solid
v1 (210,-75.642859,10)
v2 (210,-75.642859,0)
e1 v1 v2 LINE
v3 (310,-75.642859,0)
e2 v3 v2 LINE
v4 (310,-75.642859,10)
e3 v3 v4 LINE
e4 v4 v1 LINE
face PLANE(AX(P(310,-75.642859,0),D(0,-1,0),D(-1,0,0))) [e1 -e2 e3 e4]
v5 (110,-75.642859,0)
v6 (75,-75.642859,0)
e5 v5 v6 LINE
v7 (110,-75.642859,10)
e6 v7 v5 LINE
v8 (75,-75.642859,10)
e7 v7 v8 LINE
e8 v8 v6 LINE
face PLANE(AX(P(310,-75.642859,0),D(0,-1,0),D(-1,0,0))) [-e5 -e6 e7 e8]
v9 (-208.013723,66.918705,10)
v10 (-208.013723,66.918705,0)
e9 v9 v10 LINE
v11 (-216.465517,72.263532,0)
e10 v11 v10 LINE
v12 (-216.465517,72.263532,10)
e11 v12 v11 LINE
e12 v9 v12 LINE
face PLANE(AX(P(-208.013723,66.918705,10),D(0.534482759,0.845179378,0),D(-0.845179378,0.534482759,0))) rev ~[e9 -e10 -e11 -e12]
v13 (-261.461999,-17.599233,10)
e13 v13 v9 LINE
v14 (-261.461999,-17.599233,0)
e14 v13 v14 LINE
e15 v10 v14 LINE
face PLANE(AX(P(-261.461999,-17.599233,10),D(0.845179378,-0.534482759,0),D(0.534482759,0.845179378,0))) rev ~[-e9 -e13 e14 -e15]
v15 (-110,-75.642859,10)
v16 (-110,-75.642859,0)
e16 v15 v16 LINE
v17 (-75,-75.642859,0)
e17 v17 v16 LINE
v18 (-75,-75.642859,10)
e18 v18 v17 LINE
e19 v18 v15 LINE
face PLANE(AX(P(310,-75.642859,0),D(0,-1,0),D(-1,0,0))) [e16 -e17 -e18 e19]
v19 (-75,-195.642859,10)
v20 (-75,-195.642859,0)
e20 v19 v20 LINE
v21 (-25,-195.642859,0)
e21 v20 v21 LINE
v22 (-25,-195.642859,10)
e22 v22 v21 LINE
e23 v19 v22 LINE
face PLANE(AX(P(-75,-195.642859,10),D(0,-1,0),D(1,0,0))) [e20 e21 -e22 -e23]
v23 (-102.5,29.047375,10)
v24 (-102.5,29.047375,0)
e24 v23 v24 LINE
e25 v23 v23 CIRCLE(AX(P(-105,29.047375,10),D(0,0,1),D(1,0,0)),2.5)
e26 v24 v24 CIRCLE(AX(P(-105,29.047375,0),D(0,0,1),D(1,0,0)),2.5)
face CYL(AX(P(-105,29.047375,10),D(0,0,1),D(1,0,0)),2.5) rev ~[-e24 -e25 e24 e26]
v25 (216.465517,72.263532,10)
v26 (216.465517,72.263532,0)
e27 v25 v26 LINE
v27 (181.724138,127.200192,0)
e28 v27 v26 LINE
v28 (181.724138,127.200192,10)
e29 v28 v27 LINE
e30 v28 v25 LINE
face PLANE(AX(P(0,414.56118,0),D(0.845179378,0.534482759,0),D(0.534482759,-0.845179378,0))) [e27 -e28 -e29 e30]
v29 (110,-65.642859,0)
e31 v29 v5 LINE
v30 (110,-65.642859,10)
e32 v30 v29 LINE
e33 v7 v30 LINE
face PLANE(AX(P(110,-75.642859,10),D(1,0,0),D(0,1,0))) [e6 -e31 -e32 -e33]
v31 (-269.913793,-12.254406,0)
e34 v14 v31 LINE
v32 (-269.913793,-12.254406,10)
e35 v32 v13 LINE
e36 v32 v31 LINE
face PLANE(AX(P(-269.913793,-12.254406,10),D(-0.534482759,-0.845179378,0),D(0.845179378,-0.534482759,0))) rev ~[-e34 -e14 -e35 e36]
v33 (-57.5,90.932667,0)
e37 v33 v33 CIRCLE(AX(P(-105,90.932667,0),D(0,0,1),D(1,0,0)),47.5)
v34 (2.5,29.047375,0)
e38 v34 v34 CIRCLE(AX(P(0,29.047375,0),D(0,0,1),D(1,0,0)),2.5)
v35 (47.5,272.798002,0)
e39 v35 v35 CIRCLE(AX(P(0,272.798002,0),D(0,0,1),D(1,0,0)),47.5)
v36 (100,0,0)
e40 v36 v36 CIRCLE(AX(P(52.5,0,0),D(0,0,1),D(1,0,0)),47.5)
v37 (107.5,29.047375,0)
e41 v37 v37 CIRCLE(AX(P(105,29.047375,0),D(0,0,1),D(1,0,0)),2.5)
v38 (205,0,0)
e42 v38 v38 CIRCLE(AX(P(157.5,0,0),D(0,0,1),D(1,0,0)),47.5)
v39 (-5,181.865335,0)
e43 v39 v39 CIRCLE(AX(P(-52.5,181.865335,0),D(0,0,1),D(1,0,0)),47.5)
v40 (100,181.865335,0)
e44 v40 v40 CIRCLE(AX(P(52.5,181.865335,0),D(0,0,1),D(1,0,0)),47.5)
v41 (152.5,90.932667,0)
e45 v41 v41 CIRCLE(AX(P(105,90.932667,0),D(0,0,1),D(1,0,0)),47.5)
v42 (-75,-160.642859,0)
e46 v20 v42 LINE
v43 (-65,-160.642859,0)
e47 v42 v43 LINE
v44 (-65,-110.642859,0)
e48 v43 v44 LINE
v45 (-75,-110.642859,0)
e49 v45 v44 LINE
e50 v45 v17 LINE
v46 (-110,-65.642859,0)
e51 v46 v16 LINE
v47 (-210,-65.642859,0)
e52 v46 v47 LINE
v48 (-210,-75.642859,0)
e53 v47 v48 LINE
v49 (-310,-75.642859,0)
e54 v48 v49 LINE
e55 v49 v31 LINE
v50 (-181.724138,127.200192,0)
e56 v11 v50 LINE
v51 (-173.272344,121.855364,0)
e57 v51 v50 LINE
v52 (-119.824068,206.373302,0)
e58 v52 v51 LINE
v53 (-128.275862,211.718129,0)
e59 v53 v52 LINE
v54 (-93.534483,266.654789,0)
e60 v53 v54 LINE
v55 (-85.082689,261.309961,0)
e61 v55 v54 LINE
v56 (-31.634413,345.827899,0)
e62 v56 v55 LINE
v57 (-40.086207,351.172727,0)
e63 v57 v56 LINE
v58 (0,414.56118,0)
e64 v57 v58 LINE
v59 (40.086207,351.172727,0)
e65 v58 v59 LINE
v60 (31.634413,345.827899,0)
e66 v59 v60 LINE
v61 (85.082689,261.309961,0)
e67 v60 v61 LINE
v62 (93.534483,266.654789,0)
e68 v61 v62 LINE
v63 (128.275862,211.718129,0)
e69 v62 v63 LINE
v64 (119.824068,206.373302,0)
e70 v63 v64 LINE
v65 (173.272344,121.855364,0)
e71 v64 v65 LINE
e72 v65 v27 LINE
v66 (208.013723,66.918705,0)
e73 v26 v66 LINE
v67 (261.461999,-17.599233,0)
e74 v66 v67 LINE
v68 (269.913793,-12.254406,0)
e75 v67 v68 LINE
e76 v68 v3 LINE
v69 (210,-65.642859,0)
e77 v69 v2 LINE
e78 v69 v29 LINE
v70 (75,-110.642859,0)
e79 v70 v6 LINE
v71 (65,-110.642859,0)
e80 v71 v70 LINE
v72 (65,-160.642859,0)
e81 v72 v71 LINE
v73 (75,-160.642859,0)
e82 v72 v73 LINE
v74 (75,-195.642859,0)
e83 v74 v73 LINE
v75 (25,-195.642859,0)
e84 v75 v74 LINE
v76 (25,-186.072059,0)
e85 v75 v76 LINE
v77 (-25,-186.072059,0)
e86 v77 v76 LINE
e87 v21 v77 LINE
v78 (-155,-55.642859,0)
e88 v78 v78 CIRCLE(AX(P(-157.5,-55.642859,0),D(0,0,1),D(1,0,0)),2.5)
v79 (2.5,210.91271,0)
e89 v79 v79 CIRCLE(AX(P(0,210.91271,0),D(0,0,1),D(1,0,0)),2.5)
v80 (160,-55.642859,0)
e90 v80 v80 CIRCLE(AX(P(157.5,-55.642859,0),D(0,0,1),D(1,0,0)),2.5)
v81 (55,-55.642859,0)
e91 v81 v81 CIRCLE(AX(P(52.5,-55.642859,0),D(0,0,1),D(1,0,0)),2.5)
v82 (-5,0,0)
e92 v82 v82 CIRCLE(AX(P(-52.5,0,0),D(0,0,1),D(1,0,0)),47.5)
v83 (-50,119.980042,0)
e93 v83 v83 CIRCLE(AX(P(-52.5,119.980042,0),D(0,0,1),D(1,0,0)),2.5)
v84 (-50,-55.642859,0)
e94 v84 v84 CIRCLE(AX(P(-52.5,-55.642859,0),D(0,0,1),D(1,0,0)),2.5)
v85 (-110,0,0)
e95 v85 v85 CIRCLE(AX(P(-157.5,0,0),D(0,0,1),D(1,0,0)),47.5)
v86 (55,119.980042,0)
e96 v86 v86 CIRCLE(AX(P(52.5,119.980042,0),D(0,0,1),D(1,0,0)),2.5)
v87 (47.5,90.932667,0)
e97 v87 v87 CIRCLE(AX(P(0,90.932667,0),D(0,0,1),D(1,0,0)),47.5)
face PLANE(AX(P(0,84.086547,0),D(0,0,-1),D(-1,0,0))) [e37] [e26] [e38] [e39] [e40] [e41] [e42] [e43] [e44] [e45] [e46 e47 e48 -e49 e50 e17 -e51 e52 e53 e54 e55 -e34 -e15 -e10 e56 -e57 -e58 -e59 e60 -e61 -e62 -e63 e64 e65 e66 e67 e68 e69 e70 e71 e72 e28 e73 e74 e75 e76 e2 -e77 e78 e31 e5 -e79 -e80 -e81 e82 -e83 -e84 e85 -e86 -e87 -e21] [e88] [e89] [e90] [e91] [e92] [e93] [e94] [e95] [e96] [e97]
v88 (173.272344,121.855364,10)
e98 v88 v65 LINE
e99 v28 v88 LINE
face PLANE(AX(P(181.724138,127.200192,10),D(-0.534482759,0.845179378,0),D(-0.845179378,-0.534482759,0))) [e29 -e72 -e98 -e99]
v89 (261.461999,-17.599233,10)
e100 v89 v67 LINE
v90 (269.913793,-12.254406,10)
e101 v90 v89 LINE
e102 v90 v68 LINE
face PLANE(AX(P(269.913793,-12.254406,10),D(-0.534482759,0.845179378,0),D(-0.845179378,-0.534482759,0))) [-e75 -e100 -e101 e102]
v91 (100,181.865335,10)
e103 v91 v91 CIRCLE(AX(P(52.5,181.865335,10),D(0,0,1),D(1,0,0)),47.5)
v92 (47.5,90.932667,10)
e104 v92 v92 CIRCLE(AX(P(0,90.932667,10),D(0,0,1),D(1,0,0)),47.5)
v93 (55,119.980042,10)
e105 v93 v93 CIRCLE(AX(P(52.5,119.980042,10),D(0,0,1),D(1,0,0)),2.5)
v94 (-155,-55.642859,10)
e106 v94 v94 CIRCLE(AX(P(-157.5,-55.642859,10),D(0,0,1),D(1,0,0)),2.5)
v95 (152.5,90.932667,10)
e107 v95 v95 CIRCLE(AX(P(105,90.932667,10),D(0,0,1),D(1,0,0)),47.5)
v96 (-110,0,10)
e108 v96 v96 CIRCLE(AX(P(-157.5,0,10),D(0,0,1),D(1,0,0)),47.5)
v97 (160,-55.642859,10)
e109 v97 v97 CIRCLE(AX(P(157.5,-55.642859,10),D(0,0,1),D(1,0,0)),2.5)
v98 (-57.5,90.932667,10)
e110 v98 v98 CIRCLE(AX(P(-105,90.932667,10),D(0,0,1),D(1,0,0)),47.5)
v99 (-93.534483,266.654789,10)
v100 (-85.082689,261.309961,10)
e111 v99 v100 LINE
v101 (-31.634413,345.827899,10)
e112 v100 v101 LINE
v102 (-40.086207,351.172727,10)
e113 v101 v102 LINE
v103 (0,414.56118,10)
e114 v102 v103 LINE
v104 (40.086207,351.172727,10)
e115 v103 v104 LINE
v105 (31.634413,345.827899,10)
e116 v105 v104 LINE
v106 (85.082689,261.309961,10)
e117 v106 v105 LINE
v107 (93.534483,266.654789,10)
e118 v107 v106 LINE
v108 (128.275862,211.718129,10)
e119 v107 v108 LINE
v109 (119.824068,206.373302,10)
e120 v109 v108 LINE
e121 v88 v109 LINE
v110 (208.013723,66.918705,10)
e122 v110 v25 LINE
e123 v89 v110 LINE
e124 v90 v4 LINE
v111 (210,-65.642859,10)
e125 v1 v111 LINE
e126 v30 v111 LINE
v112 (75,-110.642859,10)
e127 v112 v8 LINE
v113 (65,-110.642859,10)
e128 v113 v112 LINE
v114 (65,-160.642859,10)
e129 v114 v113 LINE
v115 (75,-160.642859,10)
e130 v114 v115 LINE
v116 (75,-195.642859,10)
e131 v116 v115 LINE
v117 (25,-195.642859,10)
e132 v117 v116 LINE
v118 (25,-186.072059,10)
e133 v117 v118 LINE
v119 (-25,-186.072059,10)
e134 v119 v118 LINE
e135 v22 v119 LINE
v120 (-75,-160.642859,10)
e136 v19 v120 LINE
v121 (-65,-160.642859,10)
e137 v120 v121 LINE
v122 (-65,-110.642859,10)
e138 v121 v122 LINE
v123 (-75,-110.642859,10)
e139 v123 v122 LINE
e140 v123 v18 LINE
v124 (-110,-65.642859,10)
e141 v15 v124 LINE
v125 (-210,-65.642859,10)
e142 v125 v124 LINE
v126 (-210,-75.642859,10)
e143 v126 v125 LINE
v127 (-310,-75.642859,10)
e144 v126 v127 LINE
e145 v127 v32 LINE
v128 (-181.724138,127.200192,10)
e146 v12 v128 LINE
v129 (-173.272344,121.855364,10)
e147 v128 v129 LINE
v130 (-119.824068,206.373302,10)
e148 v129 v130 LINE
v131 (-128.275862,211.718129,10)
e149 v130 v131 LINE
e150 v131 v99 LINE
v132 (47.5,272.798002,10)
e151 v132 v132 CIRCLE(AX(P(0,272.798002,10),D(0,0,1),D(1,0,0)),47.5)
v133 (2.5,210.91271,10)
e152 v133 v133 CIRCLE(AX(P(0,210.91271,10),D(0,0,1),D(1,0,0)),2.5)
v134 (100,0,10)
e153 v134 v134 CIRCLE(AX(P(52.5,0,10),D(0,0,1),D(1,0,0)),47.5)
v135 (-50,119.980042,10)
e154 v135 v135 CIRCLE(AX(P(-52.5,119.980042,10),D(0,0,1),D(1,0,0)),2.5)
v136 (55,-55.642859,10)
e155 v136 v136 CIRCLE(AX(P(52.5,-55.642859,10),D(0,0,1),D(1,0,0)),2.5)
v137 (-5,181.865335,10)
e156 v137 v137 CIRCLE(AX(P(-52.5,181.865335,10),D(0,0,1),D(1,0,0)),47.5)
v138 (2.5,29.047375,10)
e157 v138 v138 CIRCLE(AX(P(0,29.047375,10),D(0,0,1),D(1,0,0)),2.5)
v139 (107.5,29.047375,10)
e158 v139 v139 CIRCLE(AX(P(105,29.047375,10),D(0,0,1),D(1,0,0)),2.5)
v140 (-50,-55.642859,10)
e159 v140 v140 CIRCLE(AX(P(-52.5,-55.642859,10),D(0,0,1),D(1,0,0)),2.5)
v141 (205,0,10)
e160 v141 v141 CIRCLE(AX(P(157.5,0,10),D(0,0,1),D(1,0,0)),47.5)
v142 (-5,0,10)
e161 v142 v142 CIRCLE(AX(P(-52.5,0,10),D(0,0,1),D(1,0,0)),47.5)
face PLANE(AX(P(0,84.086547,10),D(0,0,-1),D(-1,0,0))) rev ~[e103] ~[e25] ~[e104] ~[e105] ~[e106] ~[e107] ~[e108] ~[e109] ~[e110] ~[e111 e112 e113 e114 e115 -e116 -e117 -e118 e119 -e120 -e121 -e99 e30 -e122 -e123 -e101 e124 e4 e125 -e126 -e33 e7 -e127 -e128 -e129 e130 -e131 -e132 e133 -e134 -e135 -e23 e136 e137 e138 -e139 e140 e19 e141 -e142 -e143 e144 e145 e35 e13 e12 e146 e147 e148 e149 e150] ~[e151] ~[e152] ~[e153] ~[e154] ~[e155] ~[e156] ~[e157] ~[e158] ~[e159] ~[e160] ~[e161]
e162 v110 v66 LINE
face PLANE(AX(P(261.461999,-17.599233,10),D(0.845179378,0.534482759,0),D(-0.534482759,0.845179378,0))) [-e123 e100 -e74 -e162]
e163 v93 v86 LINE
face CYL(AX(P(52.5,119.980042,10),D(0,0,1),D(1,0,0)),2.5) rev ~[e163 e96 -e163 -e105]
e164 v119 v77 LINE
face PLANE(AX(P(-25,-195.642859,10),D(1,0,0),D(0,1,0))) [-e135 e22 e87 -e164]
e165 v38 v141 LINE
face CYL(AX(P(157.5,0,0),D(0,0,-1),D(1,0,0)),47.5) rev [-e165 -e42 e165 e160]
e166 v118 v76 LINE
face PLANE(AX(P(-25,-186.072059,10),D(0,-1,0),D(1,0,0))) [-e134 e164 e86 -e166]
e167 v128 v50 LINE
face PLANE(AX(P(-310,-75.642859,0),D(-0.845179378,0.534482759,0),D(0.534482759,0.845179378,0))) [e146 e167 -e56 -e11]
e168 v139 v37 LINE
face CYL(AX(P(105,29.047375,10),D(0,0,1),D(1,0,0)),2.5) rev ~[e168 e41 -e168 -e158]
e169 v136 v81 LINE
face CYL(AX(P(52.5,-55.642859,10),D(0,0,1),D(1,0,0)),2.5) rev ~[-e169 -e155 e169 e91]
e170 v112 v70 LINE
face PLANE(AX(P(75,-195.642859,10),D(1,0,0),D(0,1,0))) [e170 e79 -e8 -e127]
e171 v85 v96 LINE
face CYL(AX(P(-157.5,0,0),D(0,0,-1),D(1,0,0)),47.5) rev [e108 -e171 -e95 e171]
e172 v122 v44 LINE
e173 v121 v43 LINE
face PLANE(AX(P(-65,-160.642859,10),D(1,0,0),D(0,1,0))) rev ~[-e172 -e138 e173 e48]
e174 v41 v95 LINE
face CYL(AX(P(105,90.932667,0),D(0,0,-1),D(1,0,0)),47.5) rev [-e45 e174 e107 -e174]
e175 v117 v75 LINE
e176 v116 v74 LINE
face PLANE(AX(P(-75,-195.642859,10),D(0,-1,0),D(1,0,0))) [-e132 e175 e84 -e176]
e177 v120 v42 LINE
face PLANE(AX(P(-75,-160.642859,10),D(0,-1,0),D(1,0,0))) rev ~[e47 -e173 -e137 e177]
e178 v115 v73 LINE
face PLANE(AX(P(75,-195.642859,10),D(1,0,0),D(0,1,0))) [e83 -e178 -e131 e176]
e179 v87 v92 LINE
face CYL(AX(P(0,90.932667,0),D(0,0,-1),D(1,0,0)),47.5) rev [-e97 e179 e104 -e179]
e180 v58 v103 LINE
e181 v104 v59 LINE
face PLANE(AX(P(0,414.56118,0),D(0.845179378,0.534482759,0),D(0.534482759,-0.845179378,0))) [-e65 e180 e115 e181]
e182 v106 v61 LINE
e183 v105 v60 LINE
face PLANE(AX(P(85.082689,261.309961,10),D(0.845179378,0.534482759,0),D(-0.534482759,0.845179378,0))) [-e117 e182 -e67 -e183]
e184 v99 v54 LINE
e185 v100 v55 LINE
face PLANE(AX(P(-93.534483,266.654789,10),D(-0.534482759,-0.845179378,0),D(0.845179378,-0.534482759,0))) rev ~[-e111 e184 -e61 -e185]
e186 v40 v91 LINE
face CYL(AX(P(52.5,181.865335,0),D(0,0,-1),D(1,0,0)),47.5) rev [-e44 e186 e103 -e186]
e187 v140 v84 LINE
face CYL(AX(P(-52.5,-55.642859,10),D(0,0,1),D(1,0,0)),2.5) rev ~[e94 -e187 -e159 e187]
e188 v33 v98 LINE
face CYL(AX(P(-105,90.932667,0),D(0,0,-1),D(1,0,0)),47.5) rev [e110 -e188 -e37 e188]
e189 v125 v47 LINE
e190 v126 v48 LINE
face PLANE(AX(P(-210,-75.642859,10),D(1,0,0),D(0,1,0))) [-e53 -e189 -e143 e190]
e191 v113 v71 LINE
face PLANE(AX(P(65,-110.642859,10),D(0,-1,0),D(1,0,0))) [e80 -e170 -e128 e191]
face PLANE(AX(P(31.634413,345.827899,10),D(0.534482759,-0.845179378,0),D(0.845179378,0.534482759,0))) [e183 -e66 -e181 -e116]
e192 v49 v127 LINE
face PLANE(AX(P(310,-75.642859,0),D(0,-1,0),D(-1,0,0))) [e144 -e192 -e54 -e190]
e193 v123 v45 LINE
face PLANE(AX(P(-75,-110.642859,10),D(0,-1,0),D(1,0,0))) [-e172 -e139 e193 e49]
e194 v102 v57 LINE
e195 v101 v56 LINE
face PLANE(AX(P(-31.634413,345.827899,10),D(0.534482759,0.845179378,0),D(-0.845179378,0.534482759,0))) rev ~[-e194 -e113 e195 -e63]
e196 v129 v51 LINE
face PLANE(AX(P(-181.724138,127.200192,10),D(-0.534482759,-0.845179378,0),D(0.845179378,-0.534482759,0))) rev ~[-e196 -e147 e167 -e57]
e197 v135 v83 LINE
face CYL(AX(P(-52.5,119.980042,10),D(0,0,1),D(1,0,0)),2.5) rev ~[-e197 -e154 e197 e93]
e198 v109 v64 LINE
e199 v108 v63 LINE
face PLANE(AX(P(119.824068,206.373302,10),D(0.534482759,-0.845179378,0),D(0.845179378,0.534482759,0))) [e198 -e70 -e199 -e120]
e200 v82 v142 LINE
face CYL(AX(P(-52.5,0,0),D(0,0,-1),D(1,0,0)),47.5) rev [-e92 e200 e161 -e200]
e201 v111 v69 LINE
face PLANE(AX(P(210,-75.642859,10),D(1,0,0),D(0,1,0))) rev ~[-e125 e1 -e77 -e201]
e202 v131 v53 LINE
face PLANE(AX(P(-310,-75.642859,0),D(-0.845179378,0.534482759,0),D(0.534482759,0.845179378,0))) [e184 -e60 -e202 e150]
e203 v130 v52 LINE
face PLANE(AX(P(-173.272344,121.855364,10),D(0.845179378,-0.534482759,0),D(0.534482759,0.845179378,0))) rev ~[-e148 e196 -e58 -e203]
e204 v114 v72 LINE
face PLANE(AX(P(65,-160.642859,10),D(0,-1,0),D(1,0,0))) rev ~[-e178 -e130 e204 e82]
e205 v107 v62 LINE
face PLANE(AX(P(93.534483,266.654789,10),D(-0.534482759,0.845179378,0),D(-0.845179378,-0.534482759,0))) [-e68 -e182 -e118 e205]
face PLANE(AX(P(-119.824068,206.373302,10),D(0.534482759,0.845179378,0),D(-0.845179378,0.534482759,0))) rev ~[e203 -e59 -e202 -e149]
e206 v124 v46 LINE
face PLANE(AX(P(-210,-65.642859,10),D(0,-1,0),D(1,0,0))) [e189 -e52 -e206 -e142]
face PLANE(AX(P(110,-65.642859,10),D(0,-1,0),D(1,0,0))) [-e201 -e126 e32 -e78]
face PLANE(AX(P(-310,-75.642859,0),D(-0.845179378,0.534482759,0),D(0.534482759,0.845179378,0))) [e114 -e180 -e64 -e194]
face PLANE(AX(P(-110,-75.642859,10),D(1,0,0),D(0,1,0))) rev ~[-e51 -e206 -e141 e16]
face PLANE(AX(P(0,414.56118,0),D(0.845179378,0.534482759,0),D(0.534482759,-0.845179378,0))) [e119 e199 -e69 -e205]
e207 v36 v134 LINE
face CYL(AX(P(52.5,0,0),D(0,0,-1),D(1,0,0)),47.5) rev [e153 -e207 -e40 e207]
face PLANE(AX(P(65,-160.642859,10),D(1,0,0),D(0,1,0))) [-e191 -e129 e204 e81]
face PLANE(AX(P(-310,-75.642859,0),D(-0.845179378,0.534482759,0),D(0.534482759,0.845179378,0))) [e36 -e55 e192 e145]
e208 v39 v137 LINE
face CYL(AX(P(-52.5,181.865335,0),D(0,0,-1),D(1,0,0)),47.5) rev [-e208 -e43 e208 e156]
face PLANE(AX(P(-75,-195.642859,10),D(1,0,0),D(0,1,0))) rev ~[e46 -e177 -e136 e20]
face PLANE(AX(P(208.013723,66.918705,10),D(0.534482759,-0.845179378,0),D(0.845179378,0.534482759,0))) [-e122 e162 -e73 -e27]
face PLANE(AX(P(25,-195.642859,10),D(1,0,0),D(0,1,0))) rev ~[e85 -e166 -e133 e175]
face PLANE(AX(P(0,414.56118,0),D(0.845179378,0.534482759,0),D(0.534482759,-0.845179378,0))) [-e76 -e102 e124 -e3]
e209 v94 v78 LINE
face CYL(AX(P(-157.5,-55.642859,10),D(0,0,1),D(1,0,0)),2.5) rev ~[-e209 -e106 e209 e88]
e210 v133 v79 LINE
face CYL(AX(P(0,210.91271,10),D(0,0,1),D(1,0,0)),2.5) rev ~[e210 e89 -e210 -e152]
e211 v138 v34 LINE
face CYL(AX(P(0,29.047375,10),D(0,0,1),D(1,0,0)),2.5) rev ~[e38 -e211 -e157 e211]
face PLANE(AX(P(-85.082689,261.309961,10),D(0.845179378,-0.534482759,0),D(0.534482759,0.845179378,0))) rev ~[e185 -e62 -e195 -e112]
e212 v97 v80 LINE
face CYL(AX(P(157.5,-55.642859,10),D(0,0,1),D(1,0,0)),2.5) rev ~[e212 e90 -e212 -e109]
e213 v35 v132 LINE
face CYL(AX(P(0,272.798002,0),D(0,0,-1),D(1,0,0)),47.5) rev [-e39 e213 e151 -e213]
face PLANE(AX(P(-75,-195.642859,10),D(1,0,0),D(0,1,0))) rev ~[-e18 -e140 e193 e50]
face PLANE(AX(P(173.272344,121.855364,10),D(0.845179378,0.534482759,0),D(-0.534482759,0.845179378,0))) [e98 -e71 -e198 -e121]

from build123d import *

# Parameters (mm, degrees)
ESQUISSE1_R             = 47.5
BOSS_EXTRU_1_DEPTH      = 10
ESQUISSE3_W             = 100
ESQUISSE3_H             = 10
ENL_V_MAT_EXTRU_1_DEPTH = 11
ESQUISSE4_R             = 2.5
ENL_V_MAT_EXTRU_2_DEPTH = 11
ESQUISSE6_W             = 150
ESQUISSE6_H             = 120
BOSS_EXTRU_2_DEPTH      = 10
ESQUISSE7_W             = 10
ESQUISSE7_H             = 50
ESQUISSE7_W_2           = 50
ESQUISSE7_H_2           = 9.570800355
ENL_V_MAT_EXTRU_3_DEPTH = 10


with BuildPart() as part:
    # Esquisse1 → Boss.-Extru.1 (new body)
    with BuildSketch(Plane.XY):
        Polygon((-310, -75.642859016), (0, 414.561180135), (310, -75.642859016), align=None)
        with Locations((-157.5, 0)):
            Circle(ESQUISSE1_R, mode=Mode.SUBTRACT)
        with Locations((-52.5, 0)):
            Circle(ESQUISSE1_R, mode=Mode.SUBTRACT)
        with Locations((52.5, 0)):
            Circle(ESQUISSE1_R, mode=Mode.SUBTRACT)
        with Locations((157.5, 0)):
            Circle(ESQUISSE1_R, mode=Mode.SUBTRACT)
        with Locations((-105, 90.932667397)):
            Circle(ESQUISSE1_R, mode=Mode.SUBTRACT)
        with Locations((0, 90.932667397)):
            Circle(ESQUISSE1_R, mode=Mode.SUBTRACT)
        with Locations((105, 90.932667397)):
            Circle(ESQUISSE1_R, mode=Mode.SUBTRACT)
        with Locations((-52.5, 181.865334795)):
            Circle(ESQUISSE1_R, mode=Mode.SUBTRACT)
        with Locations((52.5, 181.865334795)):
            Circle(ESQUISSE1_R, mode=Mode.SUBTRACT)
        with Locations((0, 272.798002192)):
            Circle(ESQUISSE1_R, mode=Mode.SUBTRACT)
    extrude(amount=BOSS_EXTRU_1_DEPTH)

    # Esquisse3 → Enlèv. mat.-Extru.1 (cut, through all)
    with BuildSketch(Plane.XY.offset(10)):
        Polygon((-269.913793103, -12.254405678), (-261.461999325, -17.599233264), (-208.013723463, 66.918704521), (-216.465517241, 72.263532107), align=None)
        Polygon((-181.724137931, 127.200191667), (-173.272344153, 121.855364081), (-119.82406829, 206.373301865), (-128.275862069, 211.718129452), align=None)
        Polygon((-93.534482759, 266.654789012), (-85.08268898, 261.309961425), (-31.634413118, 345.82789921), (-40.086206897, 351.172726796), align=None)
        Polygon((269.913793103, -12.254405678), (261.461999325, -17.599233264), (208.013723463, 66.918704521), (216.465517241, 72.263532107), align=None)
        Polygon((181.724137931, 127.200191667), (173.272344153, 121.855364081), (119.82406829, 206.373301865), (128.275862069, 211.718129452), align=None)
        Polygon((93.534482759, 266.654789012), (85.08268898, 261.309961425), (31.634413118, 345.82789921), (40.086206897, 351.172726796), align=None)
        with Locations((-160, -70.642859016)):
            Rectangle(ESQUISSE3_W, ESQUISSE3_H)
        with Locations((160, -70.642859016)):
            Rectangle(ESQUISSE3_W, ESQUISSE3_H)
    extrude(amount=-ENL_V_MAT_EXTRU_1_DEPTH, mode=Mode.SUBTRACT)

    # Esquisse4 → Enlèv. mat.-Extru.2 (cut, through all)
    with BuildSketch(Plane.XY.offset(10)):
        with Locations((-157.5, -55.642859016)):
            Circle(ESQUISSE4_R)
        with Locations((-52.5, -55.642859016)):
            Circle(ESQUISSE4_R)
        with Locations((52.5, -55.642859016)):
            Circle(ESQUISSE4_R)
        with Locations((157.5, -55.642859016)):
            Circle(ESQUISSE4_R)
        with Locations((-105, 29.047375097)):
            Circle(ESQUISSE4_R)
        with Locations((0, 29.047375097)):
            Circle(ESQUISSE4_R)
        with Locations((105, 29.047375097)):
            Circle(ESQUISSE4_R)
        with Locations((-52.5, 119.980042494)):
            Circle(ESQUISSE4_R)
        with Locations((52.5, 119.980042494)):
            Circle(ESQUISSE4_R)
        with Locations((0, 210.912709891)):
            Circle(ESQUISSE4_R)
    extrude(amount=-ENL_V_MAT_EXTRU_2_DEPTH, mode=Mode.SUBTRACT)

    # Esquisse6 → Boss.-Extru.2 (add)
    with BuildSketch(Plane.XY.offset(10)):
        with Locations((0, -135.642859016)):
            Rectangle(ESQUISSE6_W, ESQUISSE6_H)
    extrude(amount=-BOSS_EXTRU_2_DEPTH)

    # Esquisse7 → Enlèv. mat.-Extru.3 (cut)
    with BuildSketch(Plane.XY.offset(10)):
        with Locations((-70, -135.642859016)):
            Rectangle(ESQUISSE7_W, ESQUISSE7_H)
        with Locations((0, -190.857458839)):
            Rectangle(ESQUISSE7_W_2, ESQUISSE7_H_2)
        with Locations((70, -135.642859016)):
            Rectangle(ESQUISSE7_W, ESQUISSE7_H)
    extrude(amount=-ENL_V_MAT_EXTRU_3_DEPTH, mode=Mode.SUBTRACT)


solid = part.part
